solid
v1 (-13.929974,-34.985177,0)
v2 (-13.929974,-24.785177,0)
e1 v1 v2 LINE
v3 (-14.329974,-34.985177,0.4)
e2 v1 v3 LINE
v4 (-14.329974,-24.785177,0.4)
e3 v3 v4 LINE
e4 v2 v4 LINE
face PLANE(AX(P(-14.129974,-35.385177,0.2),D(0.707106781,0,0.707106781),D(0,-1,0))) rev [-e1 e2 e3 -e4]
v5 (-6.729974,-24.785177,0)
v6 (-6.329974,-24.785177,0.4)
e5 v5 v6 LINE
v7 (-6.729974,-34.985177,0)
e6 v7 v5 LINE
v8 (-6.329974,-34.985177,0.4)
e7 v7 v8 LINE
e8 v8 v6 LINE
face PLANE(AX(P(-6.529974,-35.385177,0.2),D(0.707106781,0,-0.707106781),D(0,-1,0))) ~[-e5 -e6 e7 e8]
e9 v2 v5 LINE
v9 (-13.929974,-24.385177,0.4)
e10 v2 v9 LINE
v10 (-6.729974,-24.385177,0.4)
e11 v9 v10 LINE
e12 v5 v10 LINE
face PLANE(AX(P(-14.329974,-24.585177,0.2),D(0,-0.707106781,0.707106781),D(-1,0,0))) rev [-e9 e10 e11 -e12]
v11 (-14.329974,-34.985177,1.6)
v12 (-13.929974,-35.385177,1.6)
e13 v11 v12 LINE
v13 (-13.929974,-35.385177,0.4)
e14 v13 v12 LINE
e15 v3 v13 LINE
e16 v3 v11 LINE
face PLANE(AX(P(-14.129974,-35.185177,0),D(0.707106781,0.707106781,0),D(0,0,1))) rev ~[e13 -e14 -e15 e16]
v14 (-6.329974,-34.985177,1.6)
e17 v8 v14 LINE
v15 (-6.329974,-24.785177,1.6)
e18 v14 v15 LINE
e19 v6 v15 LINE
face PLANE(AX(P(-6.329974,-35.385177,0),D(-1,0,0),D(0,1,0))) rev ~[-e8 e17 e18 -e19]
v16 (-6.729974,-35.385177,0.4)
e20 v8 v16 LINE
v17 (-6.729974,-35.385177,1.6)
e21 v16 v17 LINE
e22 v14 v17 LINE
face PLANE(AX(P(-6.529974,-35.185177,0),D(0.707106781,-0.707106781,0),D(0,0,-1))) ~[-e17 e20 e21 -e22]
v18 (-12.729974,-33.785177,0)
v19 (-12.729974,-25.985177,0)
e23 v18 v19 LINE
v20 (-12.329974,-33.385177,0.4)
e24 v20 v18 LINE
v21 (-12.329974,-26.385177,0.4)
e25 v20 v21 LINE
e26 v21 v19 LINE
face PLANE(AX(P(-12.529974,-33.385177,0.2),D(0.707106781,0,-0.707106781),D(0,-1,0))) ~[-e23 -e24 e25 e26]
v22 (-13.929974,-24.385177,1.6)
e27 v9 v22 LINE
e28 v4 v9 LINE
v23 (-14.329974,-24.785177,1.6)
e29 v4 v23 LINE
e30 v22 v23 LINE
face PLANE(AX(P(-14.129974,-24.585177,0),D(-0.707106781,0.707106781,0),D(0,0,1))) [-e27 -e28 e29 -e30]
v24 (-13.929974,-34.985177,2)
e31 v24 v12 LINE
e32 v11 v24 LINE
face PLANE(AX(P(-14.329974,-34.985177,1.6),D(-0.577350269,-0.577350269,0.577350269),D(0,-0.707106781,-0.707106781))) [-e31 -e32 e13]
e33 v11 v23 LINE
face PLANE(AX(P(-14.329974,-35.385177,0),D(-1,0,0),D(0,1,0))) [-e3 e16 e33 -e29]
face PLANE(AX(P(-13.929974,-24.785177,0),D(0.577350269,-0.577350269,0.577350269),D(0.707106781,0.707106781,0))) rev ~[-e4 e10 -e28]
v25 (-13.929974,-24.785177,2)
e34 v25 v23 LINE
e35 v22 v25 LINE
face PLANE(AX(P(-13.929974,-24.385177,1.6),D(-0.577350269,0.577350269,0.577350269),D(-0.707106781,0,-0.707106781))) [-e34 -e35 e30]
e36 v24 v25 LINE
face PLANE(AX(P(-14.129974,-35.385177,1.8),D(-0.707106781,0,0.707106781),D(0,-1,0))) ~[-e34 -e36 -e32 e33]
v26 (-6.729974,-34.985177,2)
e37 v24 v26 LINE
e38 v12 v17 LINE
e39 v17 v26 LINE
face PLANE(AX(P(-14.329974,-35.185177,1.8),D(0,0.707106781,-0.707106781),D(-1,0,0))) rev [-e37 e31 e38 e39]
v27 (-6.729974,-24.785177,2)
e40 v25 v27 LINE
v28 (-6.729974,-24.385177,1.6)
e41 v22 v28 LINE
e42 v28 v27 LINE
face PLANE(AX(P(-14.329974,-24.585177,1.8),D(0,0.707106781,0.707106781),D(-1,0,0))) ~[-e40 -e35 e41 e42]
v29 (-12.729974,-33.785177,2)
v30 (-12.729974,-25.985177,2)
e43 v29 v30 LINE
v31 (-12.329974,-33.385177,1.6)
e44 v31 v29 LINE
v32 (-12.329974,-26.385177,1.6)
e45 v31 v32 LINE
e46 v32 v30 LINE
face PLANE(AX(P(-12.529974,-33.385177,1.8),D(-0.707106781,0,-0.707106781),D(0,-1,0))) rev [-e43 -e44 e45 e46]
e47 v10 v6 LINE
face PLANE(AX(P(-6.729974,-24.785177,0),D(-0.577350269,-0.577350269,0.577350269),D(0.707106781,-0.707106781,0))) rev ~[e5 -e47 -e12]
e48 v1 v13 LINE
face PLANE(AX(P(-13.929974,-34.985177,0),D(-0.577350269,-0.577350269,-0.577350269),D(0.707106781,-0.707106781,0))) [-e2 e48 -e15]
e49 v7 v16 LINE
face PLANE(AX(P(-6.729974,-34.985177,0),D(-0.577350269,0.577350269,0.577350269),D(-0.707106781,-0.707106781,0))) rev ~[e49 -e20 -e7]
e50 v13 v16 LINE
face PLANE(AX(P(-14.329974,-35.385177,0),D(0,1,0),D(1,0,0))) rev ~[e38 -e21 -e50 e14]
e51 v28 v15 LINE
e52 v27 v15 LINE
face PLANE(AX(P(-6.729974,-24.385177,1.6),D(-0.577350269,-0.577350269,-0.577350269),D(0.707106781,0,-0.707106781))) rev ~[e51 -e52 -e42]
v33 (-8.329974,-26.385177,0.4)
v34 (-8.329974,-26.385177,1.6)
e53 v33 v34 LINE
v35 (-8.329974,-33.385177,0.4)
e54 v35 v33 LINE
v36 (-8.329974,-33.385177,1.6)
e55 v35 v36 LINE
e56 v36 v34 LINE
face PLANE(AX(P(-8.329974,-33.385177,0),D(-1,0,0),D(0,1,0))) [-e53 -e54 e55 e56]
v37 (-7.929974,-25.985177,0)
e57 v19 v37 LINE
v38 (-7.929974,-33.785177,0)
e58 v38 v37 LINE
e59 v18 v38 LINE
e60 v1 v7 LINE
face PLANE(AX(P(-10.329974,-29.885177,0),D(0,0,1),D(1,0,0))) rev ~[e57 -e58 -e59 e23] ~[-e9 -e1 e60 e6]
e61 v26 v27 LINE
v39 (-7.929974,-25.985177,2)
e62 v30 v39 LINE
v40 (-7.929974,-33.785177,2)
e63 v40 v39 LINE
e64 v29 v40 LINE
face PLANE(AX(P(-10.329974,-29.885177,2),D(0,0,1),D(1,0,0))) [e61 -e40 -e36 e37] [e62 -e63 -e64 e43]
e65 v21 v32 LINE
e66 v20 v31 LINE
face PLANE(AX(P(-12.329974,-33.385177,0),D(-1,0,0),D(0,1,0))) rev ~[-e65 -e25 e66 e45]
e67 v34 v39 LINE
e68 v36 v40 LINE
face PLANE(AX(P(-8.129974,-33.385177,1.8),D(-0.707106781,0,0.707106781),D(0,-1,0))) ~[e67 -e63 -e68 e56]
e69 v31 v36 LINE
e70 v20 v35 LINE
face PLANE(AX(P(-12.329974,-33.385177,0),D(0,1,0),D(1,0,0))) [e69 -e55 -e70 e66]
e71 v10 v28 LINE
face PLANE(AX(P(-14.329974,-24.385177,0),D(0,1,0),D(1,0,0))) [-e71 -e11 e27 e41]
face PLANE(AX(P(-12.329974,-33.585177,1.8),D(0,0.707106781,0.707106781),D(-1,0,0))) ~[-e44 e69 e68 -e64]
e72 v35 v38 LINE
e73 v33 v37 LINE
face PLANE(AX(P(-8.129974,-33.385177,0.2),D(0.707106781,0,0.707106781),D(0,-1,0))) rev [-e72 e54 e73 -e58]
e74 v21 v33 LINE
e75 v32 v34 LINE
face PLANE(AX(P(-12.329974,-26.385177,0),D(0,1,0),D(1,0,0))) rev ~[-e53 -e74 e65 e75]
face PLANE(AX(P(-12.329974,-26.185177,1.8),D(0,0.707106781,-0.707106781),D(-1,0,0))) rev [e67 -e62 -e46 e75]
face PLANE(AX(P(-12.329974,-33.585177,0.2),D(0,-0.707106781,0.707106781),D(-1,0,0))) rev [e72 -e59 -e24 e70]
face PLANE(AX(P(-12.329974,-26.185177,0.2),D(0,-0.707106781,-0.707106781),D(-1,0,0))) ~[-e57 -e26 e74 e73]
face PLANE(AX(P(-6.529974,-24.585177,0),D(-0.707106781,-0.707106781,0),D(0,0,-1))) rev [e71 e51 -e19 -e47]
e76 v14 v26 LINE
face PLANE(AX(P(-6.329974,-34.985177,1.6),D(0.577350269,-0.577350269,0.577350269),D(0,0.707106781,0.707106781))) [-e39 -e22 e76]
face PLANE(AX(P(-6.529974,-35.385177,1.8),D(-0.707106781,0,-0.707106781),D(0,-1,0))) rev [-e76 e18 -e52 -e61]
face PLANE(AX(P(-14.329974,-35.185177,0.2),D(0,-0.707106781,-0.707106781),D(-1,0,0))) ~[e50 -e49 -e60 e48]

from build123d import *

# Parameters (mm, degrees)
F0_W     = 8
F0_H     = 11
F0_W_2   = 4
F0_H_2   = 7
F1_DEPTH = 2
F2_SIZE  = 0.4


with BuildPart() as f1:
    # F0 (on Top) → F1 (new body)
    with BuildSketch(Plane.XY):
        with Locations((-10.329974, -29.885177)):
            Rectangle(F0_W, F0_H)
        with Locations((-10.329974, -29.885177)):
            Rectangle(F0_W_2, F0_H_2, mode=Mode.SUBTRACT)
    extrude(amount=F1_DEPTH)

    # F2
    f2_edges = [f1.edges().sort_by_distance(p)[0] for p in [
        (-8.329974, -29.885177, 2),
        (-10.329974, -33.385177, 2),
        (-12.329974, -29.885177, 2),
        (-10.329974, -26.385177, 2),
        (-10.329974, -35.385177, 2),
        (-14.329974, -29.885177, 2),
        (-14.329974, -35.385177, 1),
        (-6.329974, -35.385177, 1),
        (-6.329974, -29.885177, 2),
        (-10.329974, -24.385177, 2),
        (-6.329974, -24.385177, 1),
        (-14.329974, -24.385177, 1),
        (-14.329974, -29.885177, 0),
        (-12.329974, -29.885177, 0),
        (-10.329974, -26.385177, 0),
        (-10.329974, -24.385177, 0),
        (-6.329974, -29.885177, 0),
        (-8.329974, -29.885177, 0),
        (-10.329974, -33.385177, 0),
        (-10.329974, -35.385177, 0),
    ]]
    chamfer(f2_edges, length=F2_SIZE)


solid = f1.part
